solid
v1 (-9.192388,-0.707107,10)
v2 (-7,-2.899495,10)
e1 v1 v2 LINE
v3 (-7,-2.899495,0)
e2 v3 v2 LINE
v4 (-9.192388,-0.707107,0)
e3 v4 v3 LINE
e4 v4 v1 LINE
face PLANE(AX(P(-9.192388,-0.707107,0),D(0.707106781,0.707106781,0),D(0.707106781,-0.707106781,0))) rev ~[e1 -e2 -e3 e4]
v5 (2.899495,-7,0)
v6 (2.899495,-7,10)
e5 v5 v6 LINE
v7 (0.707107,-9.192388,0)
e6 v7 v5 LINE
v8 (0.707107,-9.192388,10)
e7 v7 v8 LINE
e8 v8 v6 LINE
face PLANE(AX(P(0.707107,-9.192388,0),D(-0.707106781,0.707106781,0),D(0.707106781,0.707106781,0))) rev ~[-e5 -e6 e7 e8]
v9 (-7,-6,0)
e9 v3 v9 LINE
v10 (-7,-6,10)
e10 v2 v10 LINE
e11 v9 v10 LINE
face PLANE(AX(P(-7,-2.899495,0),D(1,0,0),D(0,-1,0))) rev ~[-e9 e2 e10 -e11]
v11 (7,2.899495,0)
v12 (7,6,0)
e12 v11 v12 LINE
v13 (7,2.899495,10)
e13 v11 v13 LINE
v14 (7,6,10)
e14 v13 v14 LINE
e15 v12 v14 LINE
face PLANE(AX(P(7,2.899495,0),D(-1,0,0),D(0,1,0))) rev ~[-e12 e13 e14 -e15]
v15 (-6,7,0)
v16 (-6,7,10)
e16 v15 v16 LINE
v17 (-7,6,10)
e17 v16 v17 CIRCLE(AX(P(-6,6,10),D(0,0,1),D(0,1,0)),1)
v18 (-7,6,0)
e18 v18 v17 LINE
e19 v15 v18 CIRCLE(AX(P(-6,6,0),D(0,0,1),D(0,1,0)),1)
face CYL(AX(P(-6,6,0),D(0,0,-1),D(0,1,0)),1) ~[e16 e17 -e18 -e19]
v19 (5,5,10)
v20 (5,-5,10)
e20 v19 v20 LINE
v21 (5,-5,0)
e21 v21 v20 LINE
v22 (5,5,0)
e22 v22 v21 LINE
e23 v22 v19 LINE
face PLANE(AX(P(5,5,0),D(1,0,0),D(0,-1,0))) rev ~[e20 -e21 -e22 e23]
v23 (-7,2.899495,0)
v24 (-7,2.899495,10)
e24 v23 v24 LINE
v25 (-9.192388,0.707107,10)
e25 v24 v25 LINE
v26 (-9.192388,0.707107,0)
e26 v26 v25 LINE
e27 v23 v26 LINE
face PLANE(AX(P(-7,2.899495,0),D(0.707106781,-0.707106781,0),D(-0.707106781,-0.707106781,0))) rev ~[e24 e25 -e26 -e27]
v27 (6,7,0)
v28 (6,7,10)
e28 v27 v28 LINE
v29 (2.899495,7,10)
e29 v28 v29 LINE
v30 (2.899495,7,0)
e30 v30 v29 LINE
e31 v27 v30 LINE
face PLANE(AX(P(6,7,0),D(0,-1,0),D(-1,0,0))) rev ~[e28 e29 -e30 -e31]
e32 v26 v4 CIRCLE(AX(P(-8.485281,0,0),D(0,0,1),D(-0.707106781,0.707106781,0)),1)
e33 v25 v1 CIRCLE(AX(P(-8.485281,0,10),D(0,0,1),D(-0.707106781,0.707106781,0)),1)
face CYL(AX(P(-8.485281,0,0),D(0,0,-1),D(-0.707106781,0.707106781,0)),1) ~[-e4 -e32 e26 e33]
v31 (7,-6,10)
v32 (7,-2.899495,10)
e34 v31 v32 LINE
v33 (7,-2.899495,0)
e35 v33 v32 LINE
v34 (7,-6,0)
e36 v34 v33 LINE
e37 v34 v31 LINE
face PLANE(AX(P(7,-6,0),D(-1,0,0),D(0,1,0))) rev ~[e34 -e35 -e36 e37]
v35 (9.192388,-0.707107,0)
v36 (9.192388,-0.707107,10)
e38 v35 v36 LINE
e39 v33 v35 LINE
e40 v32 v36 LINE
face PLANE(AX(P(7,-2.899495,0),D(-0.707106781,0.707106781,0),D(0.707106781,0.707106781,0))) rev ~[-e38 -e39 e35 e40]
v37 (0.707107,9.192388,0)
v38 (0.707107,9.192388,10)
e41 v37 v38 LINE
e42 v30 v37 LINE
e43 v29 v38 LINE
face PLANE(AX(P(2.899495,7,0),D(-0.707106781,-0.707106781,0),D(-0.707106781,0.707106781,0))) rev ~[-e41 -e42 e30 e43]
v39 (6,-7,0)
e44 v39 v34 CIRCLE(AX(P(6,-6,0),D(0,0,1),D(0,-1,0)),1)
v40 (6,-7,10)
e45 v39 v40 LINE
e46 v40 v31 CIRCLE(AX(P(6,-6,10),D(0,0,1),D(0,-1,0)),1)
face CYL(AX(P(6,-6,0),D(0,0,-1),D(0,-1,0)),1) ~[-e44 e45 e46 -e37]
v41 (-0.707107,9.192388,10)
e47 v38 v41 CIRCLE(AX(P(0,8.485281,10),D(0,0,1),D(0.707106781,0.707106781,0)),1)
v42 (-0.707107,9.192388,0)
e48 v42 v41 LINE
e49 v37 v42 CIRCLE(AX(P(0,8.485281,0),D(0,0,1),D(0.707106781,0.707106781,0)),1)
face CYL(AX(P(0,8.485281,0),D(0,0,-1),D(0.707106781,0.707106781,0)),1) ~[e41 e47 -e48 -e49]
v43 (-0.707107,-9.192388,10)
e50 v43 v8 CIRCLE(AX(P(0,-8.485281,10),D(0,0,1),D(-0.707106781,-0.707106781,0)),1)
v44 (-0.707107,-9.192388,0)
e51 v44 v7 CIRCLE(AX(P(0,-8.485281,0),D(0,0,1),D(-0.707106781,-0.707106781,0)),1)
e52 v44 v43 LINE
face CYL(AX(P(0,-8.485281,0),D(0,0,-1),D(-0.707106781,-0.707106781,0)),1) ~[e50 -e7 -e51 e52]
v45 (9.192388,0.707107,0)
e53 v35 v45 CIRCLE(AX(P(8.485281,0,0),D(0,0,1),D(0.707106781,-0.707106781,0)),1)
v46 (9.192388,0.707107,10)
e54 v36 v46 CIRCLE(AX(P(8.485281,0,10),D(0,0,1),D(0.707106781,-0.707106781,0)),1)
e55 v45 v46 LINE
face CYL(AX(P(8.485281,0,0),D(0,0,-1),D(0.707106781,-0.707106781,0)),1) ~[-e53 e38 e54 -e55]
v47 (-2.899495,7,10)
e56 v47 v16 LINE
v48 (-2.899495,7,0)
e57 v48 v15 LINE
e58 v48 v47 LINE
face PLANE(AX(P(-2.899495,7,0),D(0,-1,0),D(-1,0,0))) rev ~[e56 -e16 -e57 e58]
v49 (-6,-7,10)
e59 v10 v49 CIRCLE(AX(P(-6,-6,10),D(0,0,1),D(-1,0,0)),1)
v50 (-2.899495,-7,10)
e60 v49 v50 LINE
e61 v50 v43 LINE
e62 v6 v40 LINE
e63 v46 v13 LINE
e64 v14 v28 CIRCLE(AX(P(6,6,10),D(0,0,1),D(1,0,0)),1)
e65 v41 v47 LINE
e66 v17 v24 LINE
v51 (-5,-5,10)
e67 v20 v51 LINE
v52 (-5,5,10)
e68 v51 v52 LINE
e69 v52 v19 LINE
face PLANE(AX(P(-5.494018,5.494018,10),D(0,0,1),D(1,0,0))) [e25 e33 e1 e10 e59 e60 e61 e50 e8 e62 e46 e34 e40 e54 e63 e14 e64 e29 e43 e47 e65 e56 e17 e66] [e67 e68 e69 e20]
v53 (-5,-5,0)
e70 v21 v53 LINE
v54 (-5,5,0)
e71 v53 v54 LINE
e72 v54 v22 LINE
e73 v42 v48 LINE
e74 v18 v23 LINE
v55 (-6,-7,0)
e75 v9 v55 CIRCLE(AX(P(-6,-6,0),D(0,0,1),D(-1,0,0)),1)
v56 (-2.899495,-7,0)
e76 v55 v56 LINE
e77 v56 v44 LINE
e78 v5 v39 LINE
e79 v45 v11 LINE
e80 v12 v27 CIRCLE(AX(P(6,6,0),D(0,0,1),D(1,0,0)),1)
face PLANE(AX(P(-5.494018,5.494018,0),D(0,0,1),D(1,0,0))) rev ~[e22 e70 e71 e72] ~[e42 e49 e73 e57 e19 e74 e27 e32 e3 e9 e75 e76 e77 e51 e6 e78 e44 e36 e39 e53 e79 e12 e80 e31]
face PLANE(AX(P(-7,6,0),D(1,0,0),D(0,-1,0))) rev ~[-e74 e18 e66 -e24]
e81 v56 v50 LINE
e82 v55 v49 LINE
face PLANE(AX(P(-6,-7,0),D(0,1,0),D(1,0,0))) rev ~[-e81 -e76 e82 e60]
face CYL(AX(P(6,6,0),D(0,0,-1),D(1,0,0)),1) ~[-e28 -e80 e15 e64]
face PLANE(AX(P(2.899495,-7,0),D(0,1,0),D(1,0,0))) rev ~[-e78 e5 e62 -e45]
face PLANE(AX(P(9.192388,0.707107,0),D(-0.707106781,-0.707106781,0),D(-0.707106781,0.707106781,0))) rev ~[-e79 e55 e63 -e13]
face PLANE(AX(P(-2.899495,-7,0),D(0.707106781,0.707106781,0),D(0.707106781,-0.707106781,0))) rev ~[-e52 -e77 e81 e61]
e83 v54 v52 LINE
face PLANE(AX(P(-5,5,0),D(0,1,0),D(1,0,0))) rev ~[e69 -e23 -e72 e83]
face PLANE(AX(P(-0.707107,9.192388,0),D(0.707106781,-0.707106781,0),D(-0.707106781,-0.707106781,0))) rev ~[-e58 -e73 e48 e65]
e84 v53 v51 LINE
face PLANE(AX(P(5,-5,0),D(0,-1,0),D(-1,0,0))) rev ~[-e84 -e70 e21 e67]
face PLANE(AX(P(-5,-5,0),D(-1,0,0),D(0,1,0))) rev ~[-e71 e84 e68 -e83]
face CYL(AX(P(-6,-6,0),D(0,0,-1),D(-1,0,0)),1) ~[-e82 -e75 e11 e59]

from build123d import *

# Parameters (mm, degrees)
F1_DEPTH = 10


with BuildPart() as f1:
    # F0 (on Top) → F1 (new body)
    with BuildSketch(Plane.XY):
        with BuildLine():
            Line((-2.8994949366, 7), (-6, 7))
            ThreePointArc((-6, 7), (-6.7071067812, 6.7071067812), (-7, 6))
            Line((-7, 6), (-7, 2.8994949366))
            Line((-7, 2.8994949366), (-5, 4.8994949366))
            Line((-5, 4.8994949366), (-5, 5))
            Line((-5, 5), (-4.8994949366, 5))
            Line((-4.8994949366, 5), (-2.8994949366, 7))
        make_face()
        with BuildLine():
            Line((-0.7071067812, 9.1923881554), (-2.8994949366, 7))
            Line((-2.8994949366, 7), (2.8994949366, 7))
            Line((2.8994949366, 7), (0.7071067812, 9.1923881554))
            ThreePointArc((0.7071067812, 9.1923881554), (0, 9.4852813742), (-0.7071067812, 9.1923881554))
        make_face()
        Polygon((2.8994949366, 7), (-2.8994949366, 7), (-4.8994949366, 5), (4.8994949366, 5), align=None)
        with BuildLine():
            Line((6, 7), (2.8994949366, 7))
            Line((2.8994949366, 7), (4.8994949366, 5))
            Line((4.8994949366, 5), (5, 5))
            Line((5, 5), (5, 4.8994949366))
            Line((5, 4.8994949366), (7, 2.8994949366))
            Line((7, 2.8994949366), (7, 6))
            ThreePointArc((7, 6), (6.7071067812, 6.7071067812), (6, 7))
        make_face()
        Polygon((-5, 4.8994949366), (-7, 2.8994949366), (-7, -2.8994949366), (-5, -4.8994949366), align=None)
        with BuildLine():
            Line((-7, -2.8994949366), (-7, 2.8994949366))
            Line((-7, 2.8994949366), (-9.1923881554, 0.7071067812))
            ThreePointArc((-9.1923881554, 0.7071067812), (-9.4852813742, 0), (-9.1923881554, -0.7071067812))
            Line((-9.1923881554, -0.7071067812), (-7, -2.8994949366))
        make_face()
        with BuildLine():
            Line((-5, -4.8994949366), (-7, -2.8994949366))
            Line((-7, -2.8994949366), (-7, -6))
            ThreePointArc((-7, -6), (-6.7071067812, -6.7071067812), (-6, -7))
            Line((-6, -7), (-2.8994949366, -7))
            Line((-2.8994949366, -7), (-4.8994949366, -5))
            Line((-4.8994949366, -5), (-5, -5))
            Line((-5, -5), (-5, -4.8994949366))
        make_face()
        Polygon((7, 2.8994949366), (5, 4.8994949366), (5, -4.8994949366), (7, -2.8994949366), align=None)
        with BuildLine():
            Line((9.1923881554, 0.7071067812), (7, 2.8994949366))
            Line((7, 2.8994949366), (7, -2.8994949366))
            Line((7, -2.8994949366), (9.1923881554, -0.7071067812))
            ThreePointArc((9.1923881554, -0.7071067812), (9.4852813742, 0), (9.1923881554, 0.7071067812))
        make_face()
        with BuildLine():
            Line((7, -2.8994949366), (5, -4.8994949366))
            Line((5, -4.8994949366), (5, -5))
            Line((5, -5), (4.8994949366, -5))
            Line((4.8994949366, -5), (2.8994949366, -7))
            Line((2.8994949366, -7), (6, -7))
            ThreePointArc((6, -7), (6.7071067812, -6.7071067812), (7, -6))
            Line((7, -6), (7, -2.8994949366))
        make_face()
        Polygon((4.8994949366, -5), (-4.8994949366, -5), (-2.8994949366, -7), (2.8994949366, -7), align=None)
        with BuildLine():
            Line((2.8994949366, -7), (-2.8994949366, -7))
            Line((-2.8994949366, -7), (-0.7071067812, -9.1923881554))
            ThreePointArc((-0.7071067812, -9.1923881554), (0, -9.4852813742), (0.7071067812, -9.1923881554))
            Line((0.7071067812, -9.1923881554), (2.8994949366, -7))
        make_face()
    extrude(amount=F1_DEPTH)


solid = f1.part
